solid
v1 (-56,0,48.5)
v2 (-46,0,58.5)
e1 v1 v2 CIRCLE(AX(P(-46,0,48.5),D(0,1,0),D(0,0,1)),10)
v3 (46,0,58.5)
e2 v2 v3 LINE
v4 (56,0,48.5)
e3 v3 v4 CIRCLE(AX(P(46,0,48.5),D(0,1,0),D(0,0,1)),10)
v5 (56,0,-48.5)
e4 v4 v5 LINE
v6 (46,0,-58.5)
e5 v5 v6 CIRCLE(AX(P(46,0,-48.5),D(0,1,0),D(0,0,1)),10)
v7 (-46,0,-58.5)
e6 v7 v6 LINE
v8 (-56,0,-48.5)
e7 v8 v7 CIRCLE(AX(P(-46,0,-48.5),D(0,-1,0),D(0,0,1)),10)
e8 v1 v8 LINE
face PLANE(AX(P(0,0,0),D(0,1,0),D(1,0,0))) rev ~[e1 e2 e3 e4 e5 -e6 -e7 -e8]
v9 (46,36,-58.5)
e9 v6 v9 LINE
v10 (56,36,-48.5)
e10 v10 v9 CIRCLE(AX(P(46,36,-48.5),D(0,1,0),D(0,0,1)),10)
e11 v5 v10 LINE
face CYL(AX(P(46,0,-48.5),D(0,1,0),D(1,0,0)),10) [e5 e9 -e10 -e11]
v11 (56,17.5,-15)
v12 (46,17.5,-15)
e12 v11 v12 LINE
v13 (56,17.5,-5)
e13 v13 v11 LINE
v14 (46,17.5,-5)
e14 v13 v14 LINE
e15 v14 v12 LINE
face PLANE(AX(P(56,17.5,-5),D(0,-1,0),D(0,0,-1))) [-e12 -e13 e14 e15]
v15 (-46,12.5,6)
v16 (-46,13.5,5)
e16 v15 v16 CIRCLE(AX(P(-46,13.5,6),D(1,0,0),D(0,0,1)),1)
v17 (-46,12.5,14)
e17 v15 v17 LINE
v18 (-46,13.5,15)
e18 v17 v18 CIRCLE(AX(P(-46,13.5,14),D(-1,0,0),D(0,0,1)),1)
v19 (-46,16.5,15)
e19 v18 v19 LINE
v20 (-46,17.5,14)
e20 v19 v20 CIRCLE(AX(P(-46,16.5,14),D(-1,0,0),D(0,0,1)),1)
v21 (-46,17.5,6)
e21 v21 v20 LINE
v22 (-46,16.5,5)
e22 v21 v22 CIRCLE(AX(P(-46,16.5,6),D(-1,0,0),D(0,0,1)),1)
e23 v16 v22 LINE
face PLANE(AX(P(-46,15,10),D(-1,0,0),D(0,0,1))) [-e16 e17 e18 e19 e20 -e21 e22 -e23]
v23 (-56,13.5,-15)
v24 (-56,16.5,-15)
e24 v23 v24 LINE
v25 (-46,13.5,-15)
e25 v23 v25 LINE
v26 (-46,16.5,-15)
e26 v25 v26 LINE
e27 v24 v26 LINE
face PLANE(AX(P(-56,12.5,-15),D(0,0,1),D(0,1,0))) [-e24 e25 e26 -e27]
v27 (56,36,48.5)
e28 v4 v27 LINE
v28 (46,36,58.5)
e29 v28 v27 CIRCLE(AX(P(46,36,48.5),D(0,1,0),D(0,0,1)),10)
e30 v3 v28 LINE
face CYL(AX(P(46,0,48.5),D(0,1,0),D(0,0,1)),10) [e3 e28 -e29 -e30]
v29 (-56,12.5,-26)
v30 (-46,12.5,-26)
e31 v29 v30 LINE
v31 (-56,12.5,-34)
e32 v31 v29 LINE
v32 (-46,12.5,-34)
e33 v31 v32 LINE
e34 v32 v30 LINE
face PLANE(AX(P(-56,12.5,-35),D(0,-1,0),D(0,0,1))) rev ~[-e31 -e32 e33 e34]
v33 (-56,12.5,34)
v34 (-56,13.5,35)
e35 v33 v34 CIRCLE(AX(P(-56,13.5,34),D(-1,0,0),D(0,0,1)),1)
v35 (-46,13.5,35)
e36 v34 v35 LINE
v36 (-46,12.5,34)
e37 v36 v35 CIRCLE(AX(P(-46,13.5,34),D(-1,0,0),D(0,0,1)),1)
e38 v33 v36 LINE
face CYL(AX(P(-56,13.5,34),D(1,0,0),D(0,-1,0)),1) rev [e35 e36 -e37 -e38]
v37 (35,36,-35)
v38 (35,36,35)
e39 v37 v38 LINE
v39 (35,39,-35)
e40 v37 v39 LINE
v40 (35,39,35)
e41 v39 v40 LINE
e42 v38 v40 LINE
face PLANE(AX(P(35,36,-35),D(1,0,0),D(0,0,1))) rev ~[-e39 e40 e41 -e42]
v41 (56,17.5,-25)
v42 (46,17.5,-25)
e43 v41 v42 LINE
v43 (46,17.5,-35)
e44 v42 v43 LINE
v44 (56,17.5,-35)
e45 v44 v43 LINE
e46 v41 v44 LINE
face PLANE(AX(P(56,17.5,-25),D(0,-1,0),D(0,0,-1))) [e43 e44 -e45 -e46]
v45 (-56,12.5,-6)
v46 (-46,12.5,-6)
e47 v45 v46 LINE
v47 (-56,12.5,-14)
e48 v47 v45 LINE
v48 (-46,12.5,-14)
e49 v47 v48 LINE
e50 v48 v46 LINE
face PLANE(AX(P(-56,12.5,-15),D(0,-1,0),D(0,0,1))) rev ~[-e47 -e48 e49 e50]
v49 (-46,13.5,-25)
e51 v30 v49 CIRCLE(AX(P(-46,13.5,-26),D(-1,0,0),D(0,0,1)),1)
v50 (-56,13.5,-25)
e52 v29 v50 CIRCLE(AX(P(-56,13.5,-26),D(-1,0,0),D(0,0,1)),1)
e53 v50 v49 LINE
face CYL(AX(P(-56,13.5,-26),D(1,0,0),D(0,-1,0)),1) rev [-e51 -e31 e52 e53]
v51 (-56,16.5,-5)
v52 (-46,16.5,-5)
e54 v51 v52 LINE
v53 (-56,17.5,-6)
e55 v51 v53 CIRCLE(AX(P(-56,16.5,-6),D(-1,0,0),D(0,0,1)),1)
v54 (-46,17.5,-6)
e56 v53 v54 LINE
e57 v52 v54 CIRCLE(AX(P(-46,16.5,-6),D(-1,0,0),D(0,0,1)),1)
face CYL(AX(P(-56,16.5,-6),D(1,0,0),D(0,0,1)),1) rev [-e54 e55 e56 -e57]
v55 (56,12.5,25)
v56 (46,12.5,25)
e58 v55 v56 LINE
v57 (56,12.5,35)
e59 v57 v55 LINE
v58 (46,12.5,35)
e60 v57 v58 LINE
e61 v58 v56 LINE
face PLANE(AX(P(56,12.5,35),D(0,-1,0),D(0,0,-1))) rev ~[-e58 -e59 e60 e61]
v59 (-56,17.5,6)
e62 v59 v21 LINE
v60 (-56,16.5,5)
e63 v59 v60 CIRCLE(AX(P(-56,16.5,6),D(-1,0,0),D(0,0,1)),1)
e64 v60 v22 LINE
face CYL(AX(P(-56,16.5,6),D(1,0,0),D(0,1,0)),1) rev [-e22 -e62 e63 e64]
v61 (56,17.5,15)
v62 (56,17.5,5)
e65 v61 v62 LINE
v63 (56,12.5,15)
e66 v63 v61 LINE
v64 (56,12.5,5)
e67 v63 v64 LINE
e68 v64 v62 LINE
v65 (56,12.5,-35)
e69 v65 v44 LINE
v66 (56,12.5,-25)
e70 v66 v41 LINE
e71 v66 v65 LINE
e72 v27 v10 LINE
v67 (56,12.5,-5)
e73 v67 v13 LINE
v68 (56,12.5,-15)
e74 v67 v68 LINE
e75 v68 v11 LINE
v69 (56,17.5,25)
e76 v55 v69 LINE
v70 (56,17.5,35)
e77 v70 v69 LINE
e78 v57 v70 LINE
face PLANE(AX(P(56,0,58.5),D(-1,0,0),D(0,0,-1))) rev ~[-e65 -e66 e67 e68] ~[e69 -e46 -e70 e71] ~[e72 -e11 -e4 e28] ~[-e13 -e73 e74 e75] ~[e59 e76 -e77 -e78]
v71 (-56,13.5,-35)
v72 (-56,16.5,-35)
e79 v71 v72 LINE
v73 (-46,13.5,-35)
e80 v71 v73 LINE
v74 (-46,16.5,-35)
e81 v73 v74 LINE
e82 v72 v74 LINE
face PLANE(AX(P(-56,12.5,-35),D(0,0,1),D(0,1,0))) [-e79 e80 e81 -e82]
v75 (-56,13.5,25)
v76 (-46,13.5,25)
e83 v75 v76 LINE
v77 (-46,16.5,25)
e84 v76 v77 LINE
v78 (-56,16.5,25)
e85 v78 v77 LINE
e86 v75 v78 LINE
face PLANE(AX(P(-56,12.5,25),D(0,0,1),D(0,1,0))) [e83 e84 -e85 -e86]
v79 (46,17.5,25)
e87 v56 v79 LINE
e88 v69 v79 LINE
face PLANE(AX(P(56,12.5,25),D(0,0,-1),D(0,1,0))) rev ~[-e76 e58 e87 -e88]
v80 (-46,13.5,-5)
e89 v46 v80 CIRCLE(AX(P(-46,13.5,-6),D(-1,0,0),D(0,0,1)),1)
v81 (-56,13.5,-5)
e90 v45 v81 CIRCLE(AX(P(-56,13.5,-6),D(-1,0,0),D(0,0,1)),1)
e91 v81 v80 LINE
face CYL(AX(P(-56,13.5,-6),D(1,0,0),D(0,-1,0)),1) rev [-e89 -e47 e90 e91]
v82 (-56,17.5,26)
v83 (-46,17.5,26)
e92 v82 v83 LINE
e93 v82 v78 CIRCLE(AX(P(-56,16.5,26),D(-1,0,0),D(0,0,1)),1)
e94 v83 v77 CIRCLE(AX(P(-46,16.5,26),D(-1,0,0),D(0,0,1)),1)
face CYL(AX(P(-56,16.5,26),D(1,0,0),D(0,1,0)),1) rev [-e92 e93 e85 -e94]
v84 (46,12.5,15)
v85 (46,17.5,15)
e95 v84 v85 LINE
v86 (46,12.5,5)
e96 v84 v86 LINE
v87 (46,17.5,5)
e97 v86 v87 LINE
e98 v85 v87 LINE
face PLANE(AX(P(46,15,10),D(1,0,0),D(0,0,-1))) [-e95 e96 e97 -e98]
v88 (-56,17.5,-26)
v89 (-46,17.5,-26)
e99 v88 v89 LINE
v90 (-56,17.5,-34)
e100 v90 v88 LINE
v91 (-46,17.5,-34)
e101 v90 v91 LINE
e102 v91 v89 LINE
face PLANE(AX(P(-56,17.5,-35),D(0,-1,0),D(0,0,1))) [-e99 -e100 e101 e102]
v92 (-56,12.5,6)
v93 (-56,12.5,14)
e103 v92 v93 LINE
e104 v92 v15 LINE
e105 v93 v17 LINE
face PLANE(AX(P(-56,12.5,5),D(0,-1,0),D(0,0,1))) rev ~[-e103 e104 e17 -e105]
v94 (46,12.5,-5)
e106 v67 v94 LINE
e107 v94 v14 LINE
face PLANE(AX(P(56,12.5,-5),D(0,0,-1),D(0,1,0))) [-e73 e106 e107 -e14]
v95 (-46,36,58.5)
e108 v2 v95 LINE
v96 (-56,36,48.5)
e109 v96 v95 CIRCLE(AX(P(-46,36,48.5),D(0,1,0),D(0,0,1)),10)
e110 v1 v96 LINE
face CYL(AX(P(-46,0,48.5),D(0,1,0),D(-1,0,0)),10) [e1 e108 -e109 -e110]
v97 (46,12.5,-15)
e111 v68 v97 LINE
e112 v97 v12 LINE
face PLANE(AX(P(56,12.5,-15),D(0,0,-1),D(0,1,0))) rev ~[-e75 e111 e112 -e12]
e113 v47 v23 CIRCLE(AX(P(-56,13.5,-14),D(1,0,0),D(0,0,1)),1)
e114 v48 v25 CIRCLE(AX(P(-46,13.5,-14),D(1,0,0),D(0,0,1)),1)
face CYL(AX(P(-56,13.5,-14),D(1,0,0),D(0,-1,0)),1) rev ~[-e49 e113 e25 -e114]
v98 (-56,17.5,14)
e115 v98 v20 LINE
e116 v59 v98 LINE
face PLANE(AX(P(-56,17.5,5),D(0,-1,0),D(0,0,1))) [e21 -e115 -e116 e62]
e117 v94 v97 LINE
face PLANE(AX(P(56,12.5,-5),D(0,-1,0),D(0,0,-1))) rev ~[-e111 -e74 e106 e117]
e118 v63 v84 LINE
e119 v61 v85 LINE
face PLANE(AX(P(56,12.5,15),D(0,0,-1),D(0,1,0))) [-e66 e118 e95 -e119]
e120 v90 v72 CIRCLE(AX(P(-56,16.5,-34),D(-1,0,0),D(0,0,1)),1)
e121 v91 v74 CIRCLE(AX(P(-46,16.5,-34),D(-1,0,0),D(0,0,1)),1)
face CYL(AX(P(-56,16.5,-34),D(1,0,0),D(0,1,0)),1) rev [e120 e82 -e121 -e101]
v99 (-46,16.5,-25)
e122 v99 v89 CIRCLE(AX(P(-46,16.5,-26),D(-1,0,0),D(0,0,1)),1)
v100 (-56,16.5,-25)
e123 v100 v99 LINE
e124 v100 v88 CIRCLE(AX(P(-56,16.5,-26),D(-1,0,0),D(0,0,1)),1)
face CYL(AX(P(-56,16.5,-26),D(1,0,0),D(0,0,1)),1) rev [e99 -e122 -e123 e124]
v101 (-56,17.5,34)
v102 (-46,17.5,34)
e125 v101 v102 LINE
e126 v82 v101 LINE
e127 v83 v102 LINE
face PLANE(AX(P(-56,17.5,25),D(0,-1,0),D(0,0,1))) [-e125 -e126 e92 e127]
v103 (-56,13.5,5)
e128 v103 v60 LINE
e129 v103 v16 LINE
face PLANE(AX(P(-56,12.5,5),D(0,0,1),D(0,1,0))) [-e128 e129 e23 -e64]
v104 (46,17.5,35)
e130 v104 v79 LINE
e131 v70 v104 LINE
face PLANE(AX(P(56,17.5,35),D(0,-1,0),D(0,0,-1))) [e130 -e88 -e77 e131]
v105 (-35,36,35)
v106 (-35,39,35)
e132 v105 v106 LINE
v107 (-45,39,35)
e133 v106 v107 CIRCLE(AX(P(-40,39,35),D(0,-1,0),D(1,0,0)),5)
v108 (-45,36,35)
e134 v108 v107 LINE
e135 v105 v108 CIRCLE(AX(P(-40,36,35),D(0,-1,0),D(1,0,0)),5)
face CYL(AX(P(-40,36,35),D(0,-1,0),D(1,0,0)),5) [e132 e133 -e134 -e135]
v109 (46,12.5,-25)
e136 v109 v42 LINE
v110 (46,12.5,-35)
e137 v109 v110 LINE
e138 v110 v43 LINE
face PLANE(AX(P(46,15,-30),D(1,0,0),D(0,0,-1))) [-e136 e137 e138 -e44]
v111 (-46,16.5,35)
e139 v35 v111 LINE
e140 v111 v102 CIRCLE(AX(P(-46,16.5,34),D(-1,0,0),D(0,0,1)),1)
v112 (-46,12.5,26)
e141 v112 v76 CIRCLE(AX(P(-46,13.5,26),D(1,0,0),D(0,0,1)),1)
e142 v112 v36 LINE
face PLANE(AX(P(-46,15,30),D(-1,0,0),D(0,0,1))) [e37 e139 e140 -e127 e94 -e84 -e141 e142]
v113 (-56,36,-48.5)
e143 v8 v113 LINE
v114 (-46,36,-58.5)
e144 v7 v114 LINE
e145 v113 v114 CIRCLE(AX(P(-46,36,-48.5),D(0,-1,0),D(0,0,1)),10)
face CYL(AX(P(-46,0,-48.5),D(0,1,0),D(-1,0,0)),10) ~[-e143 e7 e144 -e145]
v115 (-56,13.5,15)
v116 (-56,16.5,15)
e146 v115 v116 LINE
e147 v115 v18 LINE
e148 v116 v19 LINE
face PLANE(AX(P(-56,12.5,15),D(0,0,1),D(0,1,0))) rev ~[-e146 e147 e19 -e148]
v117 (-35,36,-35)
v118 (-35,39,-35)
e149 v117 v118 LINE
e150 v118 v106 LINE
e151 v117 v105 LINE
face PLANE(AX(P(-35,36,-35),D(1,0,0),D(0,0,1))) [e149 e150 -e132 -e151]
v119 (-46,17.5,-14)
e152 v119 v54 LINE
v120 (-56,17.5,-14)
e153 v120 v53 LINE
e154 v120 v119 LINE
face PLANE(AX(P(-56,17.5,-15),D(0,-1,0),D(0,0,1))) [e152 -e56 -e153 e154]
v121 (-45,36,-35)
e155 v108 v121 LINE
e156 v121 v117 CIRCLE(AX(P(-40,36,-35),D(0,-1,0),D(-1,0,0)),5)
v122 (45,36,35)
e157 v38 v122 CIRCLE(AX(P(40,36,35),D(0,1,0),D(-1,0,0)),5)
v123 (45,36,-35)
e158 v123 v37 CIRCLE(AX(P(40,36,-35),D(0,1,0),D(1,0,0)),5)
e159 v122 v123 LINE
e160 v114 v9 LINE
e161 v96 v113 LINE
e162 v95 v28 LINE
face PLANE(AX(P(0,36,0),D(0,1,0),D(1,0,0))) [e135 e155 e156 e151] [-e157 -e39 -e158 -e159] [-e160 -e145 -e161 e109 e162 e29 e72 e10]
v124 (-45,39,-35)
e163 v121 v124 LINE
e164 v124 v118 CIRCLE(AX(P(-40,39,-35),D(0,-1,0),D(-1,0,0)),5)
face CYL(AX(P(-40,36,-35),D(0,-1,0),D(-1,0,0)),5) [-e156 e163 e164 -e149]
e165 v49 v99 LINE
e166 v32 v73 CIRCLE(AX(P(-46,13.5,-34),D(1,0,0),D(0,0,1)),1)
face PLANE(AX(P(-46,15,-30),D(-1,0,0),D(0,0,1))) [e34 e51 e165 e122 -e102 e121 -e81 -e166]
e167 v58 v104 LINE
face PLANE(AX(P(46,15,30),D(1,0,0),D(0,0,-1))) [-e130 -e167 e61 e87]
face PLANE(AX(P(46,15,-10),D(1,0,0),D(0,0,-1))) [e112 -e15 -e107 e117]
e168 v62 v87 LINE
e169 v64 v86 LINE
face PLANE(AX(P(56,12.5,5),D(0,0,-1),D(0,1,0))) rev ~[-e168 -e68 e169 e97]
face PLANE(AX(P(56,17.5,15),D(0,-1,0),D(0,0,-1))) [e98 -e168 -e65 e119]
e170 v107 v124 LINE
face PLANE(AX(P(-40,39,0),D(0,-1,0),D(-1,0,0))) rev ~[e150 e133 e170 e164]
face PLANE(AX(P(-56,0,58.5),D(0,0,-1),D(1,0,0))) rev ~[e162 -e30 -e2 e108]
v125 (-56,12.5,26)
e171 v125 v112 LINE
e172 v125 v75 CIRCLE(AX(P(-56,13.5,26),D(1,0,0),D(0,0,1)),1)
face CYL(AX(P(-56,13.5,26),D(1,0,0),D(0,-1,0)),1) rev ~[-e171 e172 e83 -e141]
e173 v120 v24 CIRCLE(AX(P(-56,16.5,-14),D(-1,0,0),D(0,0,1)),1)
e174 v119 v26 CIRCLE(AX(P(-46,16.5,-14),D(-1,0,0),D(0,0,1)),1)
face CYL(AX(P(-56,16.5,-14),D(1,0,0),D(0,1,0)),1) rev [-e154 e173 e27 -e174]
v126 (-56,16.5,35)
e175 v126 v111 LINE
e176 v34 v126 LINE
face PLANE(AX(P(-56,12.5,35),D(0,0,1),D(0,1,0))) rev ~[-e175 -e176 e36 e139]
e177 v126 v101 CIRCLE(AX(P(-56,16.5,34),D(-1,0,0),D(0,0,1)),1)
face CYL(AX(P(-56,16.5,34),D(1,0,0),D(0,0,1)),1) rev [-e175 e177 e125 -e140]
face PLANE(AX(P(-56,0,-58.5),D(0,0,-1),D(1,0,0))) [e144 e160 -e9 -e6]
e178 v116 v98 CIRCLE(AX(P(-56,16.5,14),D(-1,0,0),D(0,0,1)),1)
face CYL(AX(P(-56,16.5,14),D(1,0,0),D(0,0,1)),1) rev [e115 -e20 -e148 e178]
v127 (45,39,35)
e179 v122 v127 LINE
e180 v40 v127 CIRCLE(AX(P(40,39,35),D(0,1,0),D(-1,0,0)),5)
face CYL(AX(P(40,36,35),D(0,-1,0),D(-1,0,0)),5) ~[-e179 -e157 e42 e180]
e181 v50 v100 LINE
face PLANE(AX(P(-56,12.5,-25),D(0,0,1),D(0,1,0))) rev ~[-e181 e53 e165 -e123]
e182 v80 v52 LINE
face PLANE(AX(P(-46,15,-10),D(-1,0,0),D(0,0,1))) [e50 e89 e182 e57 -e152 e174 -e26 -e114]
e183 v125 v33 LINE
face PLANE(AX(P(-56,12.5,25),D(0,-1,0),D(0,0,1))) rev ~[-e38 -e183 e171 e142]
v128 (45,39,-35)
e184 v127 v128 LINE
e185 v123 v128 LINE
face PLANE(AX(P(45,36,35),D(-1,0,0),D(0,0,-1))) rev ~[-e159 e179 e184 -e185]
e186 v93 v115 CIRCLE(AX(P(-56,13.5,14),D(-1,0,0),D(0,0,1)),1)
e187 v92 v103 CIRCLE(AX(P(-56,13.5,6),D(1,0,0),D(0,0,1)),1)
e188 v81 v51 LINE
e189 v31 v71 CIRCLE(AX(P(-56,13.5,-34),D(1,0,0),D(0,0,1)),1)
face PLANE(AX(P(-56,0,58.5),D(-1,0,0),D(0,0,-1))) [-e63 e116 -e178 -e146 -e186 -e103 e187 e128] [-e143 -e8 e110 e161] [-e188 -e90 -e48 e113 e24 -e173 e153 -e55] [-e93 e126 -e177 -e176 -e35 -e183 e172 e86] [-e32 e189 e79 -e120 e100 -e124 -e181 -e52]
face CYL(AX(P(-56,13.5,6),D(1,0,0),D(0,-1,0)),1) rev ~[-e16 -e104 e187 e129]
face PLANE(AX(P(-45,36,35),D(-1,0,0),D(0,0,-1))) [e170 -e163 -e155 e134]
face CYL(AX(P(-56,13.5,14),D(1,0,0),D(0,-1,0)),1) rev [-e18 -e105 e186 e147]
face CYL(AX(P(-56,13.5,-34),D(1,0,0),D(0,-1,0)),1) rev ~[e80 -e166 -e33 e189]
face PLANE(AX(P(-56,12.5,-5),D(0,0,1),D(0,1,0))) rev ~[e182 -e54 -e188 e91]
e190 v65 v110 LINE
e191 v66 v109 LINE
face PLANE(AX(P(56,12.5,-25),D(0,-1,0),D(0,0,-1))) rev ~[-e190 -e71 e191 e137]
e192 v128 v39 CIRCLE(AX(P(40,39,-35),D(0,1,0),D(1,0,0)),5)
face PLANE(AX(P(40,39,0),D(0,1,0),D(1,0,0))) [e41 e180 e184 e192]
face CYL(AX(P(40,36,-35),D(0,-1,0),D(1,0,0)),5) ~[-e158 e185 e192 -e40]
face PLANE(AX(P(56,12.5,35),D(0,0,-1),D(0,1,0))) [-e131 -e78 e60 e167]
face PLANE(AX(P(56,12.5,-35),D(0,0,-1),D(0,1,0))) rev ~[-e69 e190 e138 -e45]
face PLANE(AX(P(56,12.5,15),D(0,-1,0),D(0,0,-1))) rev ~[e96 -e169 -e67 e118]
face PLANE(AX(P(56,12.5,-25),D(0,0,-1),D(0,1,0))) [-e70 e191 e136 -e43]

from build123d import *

# Parameters (mm, degrees)
SKETCH_1_W          = 112
SKETCH_1_H          = 117
EXTRUDE_1_DEPTH     = 36
FILLET_1_R          = 10
EXTRUDE_2_DEPTH     = 3
SKETCH_4_W          = 10
SKETCH_4_H          = 5
CUT_EXTRUDE_1_DEPTH = 10
FILLET_2_R          = 1
SKETCH_5_W          = 10
SKETCH_5_H          = 5
CUT_EXTRUDE_2_DEPTH = 10


with BuildPart() as part:
    # 草图1 → 凸台-拉伸1 (new body)
    with BuildSketch(Plane(origin=(0, 0, 0), x_dir=(1, 0, 0), z_dir=(0, 1, 0))):
        Rectangle(SKETCH_1_W, SKETCH_1_H)
    extrude(amount=EXTRUDE_1_DEPTH)

    # 圆角1
    fillet_1_edges = [part.edges().sort_by_distance(p)[0] for p in [
        (56, 18, 58.5),
        (-56, 18, 58.5),
        (-56, 18, -58.5),
        (56, 18, -58.5),
    ]]
    fillet(fillet_1_edges, radius=FILLET_1_R)

    # 草图3 → 凸台-拉伸2 (add)
    with BuildSketch(Plane(origin=(0, 36, 0), x_dir=(1, 0, 0), z_dir=(0, 1, 0))):
        with BuildLine():
            Line((-35, 35), (-35, -35))
            ThreePointArc((-35, -35), (-40, -40), (-45, -35))
            Line((-45, -35), (-45, 35))
            ThreePointArc((-45, 35), (-40, 40), (-35, 35))
        make_face()
        with BuildLine():
            Line((35, 35), (35, -35))
            ThreePointArc((35, -35), (40, -40), (45, -35))
            Line((45, -35), (45, 35))
            ThreePointArc((45, 35), (40, 40), (35, 35))
        make_face()
    extrude(amount=EXTRUDE_2_DEPTH)

    # 草图4 → 切除-拉伸1 (cut)
    with BuildSketch(Plane.ZY.offset(56)):
        with Locations((-10, 15)):
            Rectangle(SKETCH_4_W, SKETCH_4_H)
        with Locations((-30, 15)):
            Rectangle(SKETCH_4_W, SKETCH_4_H)
        with Locations((10, 15)):
            Rectangle(SKETCH_4_W, SKETCH_4_H)
        with Locations((30, 15)):
            Rectangle(SKETCH_4_W, SKETCH_4_H)
    extrude(amount=-CUT_EXTRUDE_1_DEPTH, mode=Mode.SUBTRACT)

    # 圆角2
    fillet_2_edges = [part.edges().sort_by_distance(p)[0] for p in [
        (-51, 12.5, -35),
        (-51, 17.5, -35),
        (-51, 17.5, -25),
        (-51, 12.5, -25),
        (-51, 17.5, -15),
        (-51, 17.5, -5),
        (-51, 12.5, -5),
        (-51, 12.5, -15),
        (-51, 17.5, 5),
        (-51, 17.5, 15),
        (-51, 12.5, 15),
        (-51, 12.5, 5),
        (-51, 17.5, 25),
        (-51, 17.5, 35),
        (-51, 12.5, 35),
        (-51, 12.5, 25),
    ]]
    fillet(fillet_2_edges, radius=FILLET_2_R)

    # 草图5 → 切除-拉伸2 (cut)
    with BuildSketch(Plane(origin=(56, 0, 0), x_dir=(0, 0, -1), z_dir=(1, 0, 0))):
        with Locations((-10, 15)):
            Rectangle(SKETCH_5_W, SKETCH_5_H)
        with Locations((-30, 15)):
            Rectangle(SKETCH_5_W, SKETCH_5_H)
        with Locations((10, 15)):
            Rectangle(SKETCH_5_W, SKETCH_5_H)
        with Locations((30, 15)):
            Rectangle(SKETCH_5_W, SKETCH_5_H)
    extrude(amount=-CUT_EXTRUDE_2_DEPTH, mode=Mode.SUBTRACT)


solid = part.part
